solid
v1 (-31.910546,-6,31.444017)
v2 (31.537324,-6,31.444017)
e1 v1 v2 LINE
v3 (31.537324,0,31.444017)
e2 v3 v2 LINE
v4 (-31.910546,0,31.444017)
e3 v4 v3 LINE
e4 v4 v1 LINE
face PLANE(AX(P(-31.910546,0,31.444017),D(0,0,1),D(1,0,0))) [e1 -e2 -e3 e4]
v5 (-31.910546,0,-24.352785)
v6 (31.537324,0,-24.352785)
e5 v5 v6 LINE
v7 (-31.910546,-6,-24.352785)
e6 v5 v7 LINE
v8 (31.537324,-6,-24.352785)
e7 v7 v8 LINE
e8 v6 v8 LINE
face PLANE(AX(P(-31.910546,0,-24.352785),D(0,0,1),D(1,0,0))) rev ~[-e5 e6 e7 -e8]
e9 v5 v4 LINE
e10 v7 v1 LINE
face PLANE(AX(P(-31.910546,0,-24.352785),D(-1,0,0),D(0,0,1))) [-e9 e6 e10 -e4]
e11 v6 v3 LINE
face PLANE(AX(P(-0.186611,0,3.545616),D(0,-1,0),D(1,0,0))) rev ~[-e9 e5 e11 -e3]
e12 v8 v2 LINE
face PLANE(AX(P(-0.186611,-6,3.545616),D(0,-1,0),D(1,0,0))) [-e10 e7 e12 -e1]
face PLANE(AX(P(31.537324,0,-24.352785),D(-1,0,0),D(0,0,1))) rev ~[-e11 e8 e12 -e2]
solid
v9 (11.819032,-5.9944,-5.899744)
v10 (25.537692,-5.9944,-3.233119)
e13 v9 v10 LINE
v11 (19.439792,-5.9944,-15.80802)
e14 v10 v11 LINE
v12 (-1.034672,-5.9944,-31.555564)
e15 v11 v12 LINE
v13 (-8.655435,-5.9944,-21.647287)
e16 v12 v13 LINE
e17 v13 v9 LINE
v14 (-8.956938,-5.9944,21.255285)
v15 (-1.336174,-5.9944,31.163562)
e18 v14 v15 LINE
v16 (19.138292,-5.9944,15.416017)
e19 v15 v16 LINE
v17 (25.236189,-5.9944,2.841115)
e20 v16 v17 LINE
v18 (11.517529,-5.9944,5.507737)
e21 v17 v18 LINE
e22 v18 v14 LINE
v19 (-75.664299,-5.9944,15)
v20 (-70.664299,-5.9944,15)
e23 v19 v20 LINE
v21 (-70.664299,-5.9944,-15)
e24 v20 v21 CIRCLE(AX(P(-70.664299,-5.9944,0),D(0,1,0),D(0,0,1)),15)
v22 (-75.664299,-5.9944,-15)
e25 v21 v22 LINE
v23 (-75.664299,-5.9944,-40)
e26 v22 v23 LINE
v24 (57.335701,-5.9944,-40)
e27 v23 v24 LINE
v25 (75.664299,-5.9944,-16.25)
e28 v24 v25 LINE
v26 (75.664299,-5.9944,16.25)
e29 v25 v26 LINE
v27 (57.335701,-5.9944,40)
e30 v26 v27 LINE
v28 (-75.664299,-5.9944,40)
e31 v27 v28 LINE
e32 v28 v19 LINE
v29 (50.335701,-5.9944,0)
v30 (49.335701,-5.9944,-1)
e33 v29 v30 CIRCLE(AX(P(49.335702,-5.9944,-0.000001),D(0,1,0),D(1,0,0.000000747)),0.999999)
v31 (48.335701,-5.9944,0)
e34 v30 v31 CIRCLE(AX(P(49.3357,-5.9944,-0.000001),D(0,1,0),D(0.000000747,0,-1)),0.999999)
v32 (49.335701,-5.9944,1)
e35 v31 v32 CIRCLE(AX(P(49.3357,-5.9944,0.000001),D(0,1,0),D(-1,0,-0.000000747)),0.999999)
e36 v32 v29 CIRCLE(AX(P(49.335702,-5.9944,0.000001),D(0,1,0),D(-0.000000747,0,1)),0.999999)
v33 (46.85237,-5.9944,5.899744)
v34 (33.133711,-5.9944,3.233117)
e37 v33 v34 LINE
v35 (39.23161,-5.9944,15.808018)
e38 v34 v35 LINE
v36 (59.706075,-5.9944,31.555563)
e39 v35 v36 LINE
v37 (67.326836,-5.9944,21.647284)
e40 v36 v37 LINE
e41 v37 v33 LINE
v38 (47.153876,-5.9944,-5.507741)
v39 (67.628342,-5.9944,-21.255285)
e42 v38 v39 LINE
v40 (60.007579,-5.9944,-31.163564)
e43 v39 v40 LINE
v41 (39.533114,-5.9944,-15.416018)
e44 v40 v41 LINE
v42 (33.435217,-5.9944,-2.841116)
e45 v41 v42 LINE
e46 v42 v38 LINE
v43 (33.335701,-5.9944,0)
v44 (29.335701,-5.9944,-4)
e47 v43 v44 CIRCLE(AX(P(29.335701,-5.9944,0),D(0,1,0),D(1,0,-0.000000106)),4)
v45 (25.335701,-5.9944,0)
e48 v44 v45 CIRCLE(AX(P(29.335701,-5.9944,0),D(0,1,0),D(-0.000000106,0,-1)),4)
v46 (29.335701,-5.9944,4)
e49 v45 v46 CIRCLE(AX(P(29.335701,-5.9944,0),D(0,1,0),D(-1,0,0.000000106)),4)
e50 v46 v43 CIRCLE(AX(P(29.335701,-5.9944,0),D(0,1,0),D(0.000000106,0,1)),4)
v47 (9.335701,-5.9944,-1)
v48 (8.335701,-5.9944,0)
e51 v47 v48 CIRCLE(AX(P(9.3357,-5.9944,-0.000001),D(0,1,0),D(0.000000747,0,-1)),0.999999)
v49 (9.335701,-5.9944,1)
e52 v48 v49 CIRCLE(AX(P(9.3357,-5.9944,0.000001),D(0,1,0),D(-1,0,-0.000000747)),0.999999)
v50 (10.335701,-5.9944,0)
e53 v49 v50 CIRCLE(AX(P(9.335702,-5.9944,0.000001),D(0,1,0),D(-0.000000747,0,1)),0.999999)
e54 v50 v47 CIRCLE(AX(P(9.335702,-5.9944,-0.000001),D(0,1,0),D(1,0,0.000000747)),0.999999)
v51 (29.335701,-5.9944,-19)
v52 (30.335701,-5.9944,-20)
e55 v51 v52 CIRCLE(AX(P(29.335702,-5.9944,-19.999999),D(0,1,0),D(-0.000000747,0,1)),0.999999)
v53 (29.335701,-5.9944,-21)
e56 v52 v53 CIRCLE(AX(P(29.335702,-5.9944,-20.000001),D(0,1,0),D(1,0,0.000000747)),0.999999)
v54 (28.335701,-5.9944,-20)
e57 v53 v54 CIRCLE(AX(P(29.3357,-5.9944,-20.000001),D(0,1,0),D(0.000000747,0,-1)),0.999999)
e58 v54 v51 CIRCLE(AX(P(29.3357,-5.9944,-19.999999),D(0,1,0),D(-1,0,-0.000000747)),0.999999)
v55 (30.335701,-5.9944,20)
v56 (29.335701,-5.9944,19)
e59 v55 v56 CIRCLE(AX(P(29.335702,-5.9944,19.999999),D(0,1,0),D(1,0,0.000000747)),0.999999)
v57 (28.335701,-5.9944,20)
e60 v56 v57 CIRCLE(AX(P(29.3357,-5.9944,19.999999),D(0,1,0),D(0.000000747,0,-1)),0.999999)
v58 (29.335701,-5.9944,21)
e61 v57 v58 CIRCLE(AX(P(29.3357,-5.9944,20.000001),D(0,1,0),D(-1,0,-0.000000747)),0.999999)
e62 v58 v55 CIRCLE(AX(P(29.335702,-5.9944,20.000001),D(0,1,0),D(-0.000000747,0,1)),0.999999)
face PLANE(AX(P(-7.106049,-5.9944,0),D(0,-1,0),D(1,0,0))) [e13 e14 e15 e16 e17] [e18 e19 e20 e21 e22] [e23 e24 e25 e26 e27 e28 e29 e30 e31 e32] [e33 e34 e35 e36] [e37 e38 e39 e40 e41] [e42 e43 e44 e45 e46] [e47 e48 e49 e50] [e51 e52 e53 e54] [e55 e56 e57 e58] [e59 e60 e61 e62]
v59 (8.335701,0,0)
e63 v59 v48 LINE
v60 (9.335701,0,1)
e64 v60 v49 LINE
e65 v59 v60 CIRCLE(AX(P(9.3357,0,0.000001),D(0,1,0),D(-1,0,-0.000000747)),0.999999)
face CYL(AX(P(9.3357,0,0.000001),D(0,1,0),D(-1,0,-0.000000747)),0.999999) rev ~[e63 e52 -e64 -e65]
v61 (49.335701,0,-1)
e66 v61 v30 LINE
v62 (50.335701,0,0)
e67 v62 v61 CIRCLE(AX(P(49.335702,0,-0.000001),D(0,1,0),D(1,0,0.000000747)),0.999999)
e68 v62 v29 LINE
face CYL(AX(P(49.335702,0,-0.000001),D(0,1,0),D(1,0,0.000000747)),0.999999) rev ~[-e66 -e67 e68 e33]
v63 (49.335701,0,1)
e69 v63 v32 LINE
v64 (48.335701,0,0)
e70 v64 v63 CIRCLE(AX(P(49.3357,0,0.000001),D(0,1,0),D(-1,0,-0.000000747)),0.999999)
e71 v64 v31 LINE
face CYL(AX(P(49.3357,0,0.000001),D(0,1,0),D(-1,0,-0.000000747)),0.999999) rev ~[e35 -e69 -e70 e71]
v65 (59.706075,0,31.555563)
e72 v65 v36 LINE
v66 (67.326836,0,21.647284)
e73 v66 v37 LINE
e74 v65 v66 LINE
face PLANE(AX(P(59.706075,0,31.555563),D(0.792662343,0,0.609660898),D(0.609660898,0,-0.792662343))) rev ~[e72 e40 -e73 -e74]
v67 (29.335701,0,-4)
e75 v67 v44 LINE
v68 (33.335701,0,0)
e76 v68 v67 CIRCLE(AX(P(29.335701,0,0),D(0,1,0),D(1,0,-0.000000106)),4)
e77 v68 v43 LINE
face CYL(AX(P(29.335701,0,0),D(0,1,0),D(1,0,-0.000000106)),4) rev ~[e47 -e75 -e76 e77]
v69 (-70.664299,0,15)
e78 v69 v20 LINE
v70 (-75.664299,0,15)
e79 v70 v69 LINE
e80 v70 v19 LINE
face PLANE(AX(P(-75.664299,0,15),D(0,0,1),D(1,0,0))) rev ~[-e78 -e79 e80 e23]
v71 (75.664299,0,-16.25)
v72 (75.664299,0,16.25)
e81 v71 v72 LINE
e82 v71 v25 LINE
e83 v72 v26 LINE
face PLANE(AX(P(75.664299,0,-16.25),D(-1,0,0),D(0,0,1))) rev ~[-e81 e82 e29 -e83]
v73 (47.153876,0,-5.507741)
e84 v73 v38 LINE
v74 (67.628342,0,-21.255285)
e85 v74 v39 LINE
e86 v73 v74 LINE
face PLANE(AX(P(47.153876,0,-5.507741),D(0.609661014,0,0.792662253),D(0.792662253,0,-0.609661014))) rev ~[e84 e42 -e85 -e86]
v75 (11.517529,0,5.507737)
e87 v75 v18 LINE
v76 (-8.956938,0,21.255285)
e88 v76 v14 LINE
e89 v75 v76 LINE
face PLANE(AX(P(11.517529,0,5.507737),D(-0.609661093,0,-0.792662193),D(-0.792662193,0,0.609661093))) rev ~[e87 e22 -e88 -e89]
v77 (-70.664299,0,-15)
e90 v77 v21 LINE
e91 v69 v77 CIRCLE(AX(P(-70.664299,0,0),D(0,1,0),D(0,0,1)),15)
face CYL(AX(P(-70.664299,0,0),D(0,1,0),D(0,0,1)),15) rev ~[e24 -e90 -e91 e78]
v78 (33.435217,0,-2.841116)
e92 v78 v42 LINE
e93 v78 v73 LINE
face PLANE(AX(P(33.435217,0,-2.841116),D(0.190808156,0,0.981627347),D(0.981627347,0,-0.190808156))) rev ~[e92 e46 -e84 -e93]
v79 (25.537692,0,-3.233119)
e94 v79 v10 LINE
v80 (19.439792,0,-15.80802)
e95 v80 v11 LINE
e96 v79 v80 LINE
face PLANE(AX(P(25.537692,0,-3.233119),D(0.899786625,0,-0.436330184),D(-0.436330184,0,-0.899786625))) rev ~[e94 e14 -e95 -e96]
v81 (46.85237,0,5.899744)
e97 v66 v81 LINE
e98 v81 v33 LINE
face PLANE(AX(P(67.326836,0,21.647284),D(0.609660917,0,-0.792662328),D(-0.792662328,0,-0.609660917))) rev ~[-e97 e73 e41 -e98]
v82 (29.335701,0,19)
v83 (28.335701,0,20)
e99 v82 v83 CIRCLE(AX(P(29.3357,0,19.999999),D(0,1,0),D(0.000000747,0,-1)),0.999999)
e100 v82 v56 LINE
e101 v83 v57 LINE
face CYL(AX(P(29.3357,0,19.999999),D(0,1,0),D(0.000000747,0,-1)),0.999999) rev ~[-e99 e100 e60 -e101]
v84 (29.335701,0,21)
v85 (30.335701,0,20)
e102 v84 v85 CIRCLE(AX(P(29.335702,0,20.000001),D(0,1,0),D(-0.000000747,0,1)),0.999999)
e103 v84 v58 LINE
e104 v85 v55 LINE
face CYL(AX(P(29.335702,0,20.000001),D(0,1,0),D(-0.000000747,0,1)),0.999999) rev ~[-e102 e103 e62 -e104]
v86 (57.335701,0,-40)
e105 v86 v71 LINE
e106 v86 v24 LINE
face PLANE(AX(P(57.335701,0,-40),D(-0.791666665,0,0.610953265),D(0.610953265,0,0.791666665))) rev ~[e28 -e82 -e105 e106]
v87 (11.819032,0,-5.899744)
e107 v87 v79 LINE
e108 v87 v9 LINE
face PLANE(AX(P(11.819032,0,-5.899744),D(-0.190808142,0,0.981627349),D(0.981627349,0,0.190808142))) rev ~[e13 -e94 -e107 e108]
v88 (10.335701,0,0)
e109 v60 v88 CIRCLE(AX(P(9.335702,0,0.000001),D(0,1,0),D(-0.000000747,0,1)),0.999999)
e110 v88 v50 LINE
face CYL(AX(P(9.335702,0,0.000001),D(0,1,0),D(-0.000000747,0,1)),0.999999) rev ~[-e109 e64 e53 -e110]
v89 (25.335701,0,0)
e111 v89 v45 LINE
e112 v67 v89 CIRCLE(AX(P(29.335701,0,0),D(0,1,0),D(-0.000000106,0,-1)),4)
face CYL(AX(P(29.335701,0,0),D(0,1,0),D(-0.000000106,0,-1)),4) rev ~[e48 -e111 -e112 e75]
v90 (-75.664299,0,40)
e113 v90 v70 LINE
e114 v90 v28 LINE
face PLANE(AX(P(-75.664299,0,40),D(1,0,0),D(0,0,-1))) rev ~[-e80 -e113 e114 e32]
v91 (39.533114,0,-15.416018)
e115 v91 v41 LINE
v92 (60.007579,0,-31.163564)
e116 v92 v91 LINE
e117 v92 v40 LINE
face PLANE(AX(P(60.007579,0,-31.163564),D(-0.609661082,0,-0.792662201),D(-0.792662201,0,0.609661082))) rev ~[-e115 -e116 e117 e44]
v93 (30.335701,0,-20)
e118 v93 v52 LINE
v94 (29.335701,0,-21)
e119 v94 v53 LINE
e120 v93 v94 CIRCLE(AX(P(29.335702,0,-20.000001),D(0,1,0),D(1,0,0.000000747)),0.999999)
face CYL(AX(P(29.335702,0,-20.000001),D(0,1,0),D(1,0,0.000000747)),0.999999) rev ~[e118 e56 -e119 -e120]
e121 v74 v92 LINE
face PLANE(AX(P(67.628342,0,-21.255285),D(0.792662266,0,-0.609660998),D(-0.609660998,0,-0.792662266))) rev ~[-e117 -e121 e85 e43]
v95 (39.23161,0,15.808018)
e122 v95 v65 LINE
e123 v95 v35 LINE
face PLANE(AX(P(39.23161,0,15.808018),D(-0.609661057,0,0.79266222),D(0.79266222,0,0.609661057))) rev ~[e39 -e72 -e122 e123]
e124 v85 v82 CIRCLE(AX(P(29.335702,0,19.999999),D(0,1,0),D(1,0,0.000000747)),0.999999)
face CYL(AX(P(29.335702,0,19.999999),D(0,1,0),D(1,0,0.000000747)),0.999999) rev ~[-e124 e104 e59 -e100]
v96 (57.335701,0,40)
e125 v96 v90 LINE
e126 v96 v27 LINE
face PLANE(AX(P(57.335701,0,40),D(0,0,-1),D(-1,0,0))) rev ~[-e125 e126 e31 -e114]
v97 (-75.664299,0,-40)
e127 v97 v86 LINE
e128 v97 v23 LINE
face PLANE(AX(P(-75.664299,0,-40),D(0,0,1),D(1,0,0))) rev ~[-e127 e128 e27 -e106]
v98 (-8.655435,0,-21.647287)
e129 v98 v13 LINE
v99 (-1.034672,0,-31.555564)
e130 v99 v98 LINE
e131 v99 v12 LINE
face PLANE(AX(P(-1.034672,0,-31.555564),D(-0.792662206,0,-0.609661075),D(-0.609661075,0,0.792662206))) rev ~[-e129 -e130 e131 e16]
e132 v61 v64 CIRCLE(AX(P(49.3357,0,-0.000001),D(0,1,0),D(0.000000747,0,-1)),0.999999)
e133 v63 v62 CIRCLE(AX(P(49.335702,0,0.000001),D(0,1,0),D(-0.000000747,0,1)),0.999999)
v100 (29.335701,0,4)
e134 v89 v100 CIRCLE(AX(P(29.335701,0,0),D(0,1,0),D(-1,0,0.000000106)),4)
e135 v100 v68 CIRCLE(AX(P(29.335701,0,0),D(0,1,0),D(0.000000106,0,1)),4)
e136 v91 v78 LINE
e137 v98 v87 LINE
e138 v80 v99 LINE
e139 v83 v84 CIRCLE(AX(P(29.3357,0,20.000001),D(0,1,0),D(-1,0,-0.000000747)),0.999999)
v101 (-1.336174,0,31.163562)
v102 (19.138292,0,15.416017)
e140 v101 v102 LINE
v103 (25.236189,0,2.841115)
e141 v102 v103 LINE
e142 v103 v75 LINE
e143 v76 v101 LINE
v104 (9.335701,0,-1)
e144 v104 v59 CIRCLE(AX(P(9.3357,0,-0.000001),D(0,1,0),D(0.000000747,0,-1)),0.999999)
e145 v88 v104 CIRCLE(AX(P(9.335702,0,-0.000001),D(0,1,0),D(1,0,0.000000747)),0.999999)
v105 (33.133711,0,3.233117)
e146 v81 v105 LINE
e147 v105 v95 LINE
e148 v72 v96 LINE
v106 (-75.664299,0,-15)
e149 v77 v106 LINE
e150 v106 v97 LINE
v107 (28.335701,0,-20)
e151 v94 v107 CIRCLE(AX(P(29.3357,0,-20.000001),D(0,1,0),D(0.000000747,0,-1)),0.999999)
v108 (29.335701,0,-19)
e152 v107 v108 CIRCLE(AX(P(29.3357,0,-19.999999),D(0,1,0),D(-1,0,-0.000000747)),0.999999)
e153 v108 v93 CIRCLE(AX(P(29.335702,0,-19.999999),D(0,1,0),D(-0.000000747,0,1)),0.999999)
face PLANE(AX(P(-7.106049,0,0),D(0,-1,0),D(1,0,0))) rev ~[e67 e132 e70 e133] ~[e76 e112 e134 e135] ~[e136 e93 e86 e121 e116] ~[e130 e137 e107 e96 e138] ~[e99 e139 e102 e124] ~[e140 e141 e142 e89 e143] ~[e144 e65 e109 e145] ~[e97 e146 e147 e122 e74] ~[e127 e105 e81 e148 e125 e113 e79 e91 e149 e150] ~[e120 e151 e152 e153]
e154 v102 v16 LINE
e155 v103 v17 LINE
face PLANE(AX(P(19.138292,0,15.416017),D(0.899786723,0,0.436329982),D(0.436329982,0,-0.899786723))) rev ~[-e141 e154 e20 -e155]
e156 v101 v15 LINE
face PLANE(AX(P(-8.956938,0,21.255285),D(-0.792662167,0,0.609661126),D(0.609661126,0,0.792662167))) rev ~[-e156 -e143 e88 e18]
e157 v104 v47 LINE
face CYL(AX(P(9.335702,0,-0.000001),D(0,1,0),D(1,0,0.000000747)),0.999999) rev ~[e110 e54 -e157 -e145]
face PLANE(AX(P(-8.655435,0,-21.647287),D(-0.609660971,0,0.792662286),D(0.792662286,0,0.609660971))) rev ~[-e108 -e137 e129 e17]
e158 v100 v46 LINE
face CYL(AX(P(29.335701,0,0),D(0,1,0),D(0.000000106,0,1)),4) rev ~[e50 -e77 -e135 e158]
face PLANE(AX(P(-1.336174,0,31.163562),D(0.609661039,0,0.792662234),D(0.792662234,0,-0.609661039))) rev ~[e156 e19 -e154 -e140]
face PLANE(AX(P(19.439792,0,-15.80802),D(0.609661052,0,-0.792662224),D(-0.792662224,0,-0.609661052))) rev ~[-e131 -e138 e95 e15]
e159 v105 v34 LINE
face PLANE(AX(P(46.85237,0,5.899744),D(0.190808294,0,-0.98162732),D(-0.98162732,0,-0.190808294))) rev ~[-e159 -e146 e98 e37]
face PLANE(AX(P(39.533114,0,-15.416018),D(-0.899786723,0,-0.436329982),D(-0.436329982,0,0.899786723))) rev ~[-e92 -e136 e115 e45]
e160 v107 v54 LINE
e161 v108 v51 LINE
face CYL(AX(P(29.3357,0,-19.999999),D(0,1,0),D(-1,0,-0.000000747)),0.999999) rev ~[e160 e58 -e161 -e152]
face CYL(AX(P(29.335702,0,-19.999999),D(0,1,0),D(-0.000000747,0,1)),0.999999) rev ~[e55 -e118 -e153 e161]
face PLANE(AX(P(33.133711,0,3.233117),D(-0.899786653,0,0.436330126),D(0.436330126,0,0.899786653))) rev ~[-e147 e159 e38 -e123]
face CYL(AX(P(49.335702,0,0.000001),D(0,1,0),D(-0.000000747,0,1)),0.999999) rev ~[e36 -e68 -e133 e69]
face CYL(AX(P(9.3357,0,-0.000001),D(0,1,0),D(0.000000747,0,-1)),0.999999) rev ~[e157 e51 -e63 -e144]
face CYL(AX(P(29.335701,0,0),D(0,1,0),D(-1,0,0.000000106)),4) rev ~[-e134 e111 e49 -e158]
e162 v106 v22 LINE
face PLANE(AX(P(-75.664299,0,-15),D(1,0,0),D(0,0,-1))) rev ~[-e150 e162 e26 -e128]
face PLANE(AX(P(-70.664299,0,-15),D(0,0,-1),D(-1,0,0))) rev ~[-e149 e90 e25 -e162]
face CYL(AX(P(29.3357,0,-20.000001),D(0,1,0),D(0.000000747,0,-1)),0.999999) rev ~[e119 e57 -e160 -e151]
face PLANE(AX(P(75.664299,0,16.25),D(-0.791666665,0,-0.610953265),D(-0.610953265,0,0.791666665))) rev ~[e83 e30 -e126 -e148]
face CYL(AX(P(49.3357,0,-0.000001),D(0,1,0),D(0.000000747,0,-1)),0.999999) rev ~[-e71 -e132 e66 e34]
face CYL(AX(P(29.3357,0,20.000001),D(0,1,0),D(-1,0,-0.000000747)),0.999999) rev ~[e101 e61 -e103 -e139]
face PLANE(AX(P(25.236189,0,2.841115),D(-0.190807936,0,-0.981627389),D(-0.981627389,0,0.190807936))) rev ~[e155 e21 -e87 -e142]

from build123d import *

# Parameters (mm, degrees)
F1_DEPTH = 5.9944
F2_W     = 63.44787
F2_H     = 55.796802
F3_DEPTH = 6


with BuildPart() as f1:
    # F0 (on Front) → F1 (new body)
    with BuildSketch(Plane.XZ):
        with BuildLine():
            Line((-75.664299, -15), (-75.664299, -40))
            Line((-75.664299, -40), (57.335701, -40))
            Line((57.335701, -40), (75.664299, -16.25))
            Line((75.664299, -16.25), (75.664299, 16.25))
            Line((75.664299, 16.25), (57.335701, 40))
            Line((57.335701, 40), (-75.664299, 40))
            Line((-75.664299, 40), (-75.664299, 15))
            Line((-75.664299, 15), (-70.664299, 15))
            ThreePointArc((-70.664299, 15), (-55.664299, 0), (-70.664299, -15))
            Line((-70.664299, -15), (-75.664299, -15))
        make_face()
        Polygon((-1.034672, -31.555564), (-8.655435, -21.647287), (11.819032, -5.899744), (25.537692, -3.233119), (19.439792, -15.80802), align=None, mode=Mode.SUBTRACT)
        with BuildLine():
            ThreePointArc((29.335701, -19), (30.042808, -19.292893), (30.335701, -20))
            ThreePointArc((30.335701, -20), (30.042808, -20.707107), (29.335701, -21))
            ThreePointArc((29.335701, -21), (28.628594, -20.707107), (28.335701, -20))
            ThreePointArc((28.335701, -20), (28.628594, -19.292893), (29.335701, -19))
        make_face(mode=Mode.SUBTRACT)
        Polygon((47.153876, -5.507741), (67.628342, -21.255285), (60.007579, -31.163564), (39.533114, -15.416018), (33.435217, -2.841116), align=None, mode=Mode.SUBTRACT)
        with BuildLine():
            ThreePointArc((9.335701, 1), (10.042808, 0.707107), (10.335701, 0))
            ThreePointArc((10.335701, 0), (10.042808, -0.707107), (9.335701, -1))
            ThreePointArc((9.335701, -1), (8.628594, -0.707107), (8.335701, 0))
            ThreePointArc((8.335701, 0), (8.628594, 0.707107), (9.335701, 1))
        make_face(mode=Mode.SUBTRACT)
        with BuildLine():
            ThreePointArc((29.335701, 4), (32.164128, 2.828427), (33.335701, 0))
            ThreePointArc((33.335701, 0), (32.164128, -2.828427), (29.335701, -4))
            ThreePointArc((29.335701, -4), (26.507274, -2.828427), (25.335701, 0))
            ThreePointArc((25.335701, 0), (26.507274, 2.828427), (29.335701, 4))
        make_face(mode=Mode.SUBTRACT)
        Polygon((19.138292, 15.416017), (25.236189, 2.841115), (11.517529, 5.507737), (-8.956938, 21.255285), (-1.336174, 31.163562), align=None, mode=Mode.SUBTRACT)
        with BuildLine():
            ThreePointArc((49.335701, 1), (50.042808, 0.707107), (50.335701, 0))
            ThreePointArc((50.335701, 0), (50.042808, -0.707107), (49.335701, -1))
            ThreePointArc((49.335701, -1), (48.628594, -0.707107), (48.335701, 0))
            ThreePointArc((48.335701, 0), (48.628594, 0.707107), (49.335701, 1))
        make_face(mode=Mode.SUBTRACT)
        Polygon((67.326836, 21.647284), (46.85237, 5.899744), (33.133711, 3.233117), (39.23161, 15.808018), (59.706075, 31.555563), align=None, mode=Mode.SUBTRACT)
        with BuildLine():
            ThreePointArc((29.335701, 21), (30.042808, 20.707107), (30.335701, 20))
            ThreePointArc((30.335701, 20), (30.042808, 19.292893), (29.335701, 19))
            ThreePointArc((29.335701, 19), (28.628594, 19.292893), (28.335701, 20))
            ThreePointArc((28.335701, 20), (28.628594, 20.707107), (29.335701, 21))
        make_face(mode=Mode.SUBTRACT)
    extrude(amount=F1_DEPTH)


with BuildPart() as f3:
    # F2 (on Front) → F3 (new body)
    with BuildSketch(Plane.XZ):
        with Locations((-0.186611, 3.545616)):
            Rectangle(F2_W, F2_H)
    extrude(amount=F3_DEPTH)


solid = Compound([f1.part, f3.part])
